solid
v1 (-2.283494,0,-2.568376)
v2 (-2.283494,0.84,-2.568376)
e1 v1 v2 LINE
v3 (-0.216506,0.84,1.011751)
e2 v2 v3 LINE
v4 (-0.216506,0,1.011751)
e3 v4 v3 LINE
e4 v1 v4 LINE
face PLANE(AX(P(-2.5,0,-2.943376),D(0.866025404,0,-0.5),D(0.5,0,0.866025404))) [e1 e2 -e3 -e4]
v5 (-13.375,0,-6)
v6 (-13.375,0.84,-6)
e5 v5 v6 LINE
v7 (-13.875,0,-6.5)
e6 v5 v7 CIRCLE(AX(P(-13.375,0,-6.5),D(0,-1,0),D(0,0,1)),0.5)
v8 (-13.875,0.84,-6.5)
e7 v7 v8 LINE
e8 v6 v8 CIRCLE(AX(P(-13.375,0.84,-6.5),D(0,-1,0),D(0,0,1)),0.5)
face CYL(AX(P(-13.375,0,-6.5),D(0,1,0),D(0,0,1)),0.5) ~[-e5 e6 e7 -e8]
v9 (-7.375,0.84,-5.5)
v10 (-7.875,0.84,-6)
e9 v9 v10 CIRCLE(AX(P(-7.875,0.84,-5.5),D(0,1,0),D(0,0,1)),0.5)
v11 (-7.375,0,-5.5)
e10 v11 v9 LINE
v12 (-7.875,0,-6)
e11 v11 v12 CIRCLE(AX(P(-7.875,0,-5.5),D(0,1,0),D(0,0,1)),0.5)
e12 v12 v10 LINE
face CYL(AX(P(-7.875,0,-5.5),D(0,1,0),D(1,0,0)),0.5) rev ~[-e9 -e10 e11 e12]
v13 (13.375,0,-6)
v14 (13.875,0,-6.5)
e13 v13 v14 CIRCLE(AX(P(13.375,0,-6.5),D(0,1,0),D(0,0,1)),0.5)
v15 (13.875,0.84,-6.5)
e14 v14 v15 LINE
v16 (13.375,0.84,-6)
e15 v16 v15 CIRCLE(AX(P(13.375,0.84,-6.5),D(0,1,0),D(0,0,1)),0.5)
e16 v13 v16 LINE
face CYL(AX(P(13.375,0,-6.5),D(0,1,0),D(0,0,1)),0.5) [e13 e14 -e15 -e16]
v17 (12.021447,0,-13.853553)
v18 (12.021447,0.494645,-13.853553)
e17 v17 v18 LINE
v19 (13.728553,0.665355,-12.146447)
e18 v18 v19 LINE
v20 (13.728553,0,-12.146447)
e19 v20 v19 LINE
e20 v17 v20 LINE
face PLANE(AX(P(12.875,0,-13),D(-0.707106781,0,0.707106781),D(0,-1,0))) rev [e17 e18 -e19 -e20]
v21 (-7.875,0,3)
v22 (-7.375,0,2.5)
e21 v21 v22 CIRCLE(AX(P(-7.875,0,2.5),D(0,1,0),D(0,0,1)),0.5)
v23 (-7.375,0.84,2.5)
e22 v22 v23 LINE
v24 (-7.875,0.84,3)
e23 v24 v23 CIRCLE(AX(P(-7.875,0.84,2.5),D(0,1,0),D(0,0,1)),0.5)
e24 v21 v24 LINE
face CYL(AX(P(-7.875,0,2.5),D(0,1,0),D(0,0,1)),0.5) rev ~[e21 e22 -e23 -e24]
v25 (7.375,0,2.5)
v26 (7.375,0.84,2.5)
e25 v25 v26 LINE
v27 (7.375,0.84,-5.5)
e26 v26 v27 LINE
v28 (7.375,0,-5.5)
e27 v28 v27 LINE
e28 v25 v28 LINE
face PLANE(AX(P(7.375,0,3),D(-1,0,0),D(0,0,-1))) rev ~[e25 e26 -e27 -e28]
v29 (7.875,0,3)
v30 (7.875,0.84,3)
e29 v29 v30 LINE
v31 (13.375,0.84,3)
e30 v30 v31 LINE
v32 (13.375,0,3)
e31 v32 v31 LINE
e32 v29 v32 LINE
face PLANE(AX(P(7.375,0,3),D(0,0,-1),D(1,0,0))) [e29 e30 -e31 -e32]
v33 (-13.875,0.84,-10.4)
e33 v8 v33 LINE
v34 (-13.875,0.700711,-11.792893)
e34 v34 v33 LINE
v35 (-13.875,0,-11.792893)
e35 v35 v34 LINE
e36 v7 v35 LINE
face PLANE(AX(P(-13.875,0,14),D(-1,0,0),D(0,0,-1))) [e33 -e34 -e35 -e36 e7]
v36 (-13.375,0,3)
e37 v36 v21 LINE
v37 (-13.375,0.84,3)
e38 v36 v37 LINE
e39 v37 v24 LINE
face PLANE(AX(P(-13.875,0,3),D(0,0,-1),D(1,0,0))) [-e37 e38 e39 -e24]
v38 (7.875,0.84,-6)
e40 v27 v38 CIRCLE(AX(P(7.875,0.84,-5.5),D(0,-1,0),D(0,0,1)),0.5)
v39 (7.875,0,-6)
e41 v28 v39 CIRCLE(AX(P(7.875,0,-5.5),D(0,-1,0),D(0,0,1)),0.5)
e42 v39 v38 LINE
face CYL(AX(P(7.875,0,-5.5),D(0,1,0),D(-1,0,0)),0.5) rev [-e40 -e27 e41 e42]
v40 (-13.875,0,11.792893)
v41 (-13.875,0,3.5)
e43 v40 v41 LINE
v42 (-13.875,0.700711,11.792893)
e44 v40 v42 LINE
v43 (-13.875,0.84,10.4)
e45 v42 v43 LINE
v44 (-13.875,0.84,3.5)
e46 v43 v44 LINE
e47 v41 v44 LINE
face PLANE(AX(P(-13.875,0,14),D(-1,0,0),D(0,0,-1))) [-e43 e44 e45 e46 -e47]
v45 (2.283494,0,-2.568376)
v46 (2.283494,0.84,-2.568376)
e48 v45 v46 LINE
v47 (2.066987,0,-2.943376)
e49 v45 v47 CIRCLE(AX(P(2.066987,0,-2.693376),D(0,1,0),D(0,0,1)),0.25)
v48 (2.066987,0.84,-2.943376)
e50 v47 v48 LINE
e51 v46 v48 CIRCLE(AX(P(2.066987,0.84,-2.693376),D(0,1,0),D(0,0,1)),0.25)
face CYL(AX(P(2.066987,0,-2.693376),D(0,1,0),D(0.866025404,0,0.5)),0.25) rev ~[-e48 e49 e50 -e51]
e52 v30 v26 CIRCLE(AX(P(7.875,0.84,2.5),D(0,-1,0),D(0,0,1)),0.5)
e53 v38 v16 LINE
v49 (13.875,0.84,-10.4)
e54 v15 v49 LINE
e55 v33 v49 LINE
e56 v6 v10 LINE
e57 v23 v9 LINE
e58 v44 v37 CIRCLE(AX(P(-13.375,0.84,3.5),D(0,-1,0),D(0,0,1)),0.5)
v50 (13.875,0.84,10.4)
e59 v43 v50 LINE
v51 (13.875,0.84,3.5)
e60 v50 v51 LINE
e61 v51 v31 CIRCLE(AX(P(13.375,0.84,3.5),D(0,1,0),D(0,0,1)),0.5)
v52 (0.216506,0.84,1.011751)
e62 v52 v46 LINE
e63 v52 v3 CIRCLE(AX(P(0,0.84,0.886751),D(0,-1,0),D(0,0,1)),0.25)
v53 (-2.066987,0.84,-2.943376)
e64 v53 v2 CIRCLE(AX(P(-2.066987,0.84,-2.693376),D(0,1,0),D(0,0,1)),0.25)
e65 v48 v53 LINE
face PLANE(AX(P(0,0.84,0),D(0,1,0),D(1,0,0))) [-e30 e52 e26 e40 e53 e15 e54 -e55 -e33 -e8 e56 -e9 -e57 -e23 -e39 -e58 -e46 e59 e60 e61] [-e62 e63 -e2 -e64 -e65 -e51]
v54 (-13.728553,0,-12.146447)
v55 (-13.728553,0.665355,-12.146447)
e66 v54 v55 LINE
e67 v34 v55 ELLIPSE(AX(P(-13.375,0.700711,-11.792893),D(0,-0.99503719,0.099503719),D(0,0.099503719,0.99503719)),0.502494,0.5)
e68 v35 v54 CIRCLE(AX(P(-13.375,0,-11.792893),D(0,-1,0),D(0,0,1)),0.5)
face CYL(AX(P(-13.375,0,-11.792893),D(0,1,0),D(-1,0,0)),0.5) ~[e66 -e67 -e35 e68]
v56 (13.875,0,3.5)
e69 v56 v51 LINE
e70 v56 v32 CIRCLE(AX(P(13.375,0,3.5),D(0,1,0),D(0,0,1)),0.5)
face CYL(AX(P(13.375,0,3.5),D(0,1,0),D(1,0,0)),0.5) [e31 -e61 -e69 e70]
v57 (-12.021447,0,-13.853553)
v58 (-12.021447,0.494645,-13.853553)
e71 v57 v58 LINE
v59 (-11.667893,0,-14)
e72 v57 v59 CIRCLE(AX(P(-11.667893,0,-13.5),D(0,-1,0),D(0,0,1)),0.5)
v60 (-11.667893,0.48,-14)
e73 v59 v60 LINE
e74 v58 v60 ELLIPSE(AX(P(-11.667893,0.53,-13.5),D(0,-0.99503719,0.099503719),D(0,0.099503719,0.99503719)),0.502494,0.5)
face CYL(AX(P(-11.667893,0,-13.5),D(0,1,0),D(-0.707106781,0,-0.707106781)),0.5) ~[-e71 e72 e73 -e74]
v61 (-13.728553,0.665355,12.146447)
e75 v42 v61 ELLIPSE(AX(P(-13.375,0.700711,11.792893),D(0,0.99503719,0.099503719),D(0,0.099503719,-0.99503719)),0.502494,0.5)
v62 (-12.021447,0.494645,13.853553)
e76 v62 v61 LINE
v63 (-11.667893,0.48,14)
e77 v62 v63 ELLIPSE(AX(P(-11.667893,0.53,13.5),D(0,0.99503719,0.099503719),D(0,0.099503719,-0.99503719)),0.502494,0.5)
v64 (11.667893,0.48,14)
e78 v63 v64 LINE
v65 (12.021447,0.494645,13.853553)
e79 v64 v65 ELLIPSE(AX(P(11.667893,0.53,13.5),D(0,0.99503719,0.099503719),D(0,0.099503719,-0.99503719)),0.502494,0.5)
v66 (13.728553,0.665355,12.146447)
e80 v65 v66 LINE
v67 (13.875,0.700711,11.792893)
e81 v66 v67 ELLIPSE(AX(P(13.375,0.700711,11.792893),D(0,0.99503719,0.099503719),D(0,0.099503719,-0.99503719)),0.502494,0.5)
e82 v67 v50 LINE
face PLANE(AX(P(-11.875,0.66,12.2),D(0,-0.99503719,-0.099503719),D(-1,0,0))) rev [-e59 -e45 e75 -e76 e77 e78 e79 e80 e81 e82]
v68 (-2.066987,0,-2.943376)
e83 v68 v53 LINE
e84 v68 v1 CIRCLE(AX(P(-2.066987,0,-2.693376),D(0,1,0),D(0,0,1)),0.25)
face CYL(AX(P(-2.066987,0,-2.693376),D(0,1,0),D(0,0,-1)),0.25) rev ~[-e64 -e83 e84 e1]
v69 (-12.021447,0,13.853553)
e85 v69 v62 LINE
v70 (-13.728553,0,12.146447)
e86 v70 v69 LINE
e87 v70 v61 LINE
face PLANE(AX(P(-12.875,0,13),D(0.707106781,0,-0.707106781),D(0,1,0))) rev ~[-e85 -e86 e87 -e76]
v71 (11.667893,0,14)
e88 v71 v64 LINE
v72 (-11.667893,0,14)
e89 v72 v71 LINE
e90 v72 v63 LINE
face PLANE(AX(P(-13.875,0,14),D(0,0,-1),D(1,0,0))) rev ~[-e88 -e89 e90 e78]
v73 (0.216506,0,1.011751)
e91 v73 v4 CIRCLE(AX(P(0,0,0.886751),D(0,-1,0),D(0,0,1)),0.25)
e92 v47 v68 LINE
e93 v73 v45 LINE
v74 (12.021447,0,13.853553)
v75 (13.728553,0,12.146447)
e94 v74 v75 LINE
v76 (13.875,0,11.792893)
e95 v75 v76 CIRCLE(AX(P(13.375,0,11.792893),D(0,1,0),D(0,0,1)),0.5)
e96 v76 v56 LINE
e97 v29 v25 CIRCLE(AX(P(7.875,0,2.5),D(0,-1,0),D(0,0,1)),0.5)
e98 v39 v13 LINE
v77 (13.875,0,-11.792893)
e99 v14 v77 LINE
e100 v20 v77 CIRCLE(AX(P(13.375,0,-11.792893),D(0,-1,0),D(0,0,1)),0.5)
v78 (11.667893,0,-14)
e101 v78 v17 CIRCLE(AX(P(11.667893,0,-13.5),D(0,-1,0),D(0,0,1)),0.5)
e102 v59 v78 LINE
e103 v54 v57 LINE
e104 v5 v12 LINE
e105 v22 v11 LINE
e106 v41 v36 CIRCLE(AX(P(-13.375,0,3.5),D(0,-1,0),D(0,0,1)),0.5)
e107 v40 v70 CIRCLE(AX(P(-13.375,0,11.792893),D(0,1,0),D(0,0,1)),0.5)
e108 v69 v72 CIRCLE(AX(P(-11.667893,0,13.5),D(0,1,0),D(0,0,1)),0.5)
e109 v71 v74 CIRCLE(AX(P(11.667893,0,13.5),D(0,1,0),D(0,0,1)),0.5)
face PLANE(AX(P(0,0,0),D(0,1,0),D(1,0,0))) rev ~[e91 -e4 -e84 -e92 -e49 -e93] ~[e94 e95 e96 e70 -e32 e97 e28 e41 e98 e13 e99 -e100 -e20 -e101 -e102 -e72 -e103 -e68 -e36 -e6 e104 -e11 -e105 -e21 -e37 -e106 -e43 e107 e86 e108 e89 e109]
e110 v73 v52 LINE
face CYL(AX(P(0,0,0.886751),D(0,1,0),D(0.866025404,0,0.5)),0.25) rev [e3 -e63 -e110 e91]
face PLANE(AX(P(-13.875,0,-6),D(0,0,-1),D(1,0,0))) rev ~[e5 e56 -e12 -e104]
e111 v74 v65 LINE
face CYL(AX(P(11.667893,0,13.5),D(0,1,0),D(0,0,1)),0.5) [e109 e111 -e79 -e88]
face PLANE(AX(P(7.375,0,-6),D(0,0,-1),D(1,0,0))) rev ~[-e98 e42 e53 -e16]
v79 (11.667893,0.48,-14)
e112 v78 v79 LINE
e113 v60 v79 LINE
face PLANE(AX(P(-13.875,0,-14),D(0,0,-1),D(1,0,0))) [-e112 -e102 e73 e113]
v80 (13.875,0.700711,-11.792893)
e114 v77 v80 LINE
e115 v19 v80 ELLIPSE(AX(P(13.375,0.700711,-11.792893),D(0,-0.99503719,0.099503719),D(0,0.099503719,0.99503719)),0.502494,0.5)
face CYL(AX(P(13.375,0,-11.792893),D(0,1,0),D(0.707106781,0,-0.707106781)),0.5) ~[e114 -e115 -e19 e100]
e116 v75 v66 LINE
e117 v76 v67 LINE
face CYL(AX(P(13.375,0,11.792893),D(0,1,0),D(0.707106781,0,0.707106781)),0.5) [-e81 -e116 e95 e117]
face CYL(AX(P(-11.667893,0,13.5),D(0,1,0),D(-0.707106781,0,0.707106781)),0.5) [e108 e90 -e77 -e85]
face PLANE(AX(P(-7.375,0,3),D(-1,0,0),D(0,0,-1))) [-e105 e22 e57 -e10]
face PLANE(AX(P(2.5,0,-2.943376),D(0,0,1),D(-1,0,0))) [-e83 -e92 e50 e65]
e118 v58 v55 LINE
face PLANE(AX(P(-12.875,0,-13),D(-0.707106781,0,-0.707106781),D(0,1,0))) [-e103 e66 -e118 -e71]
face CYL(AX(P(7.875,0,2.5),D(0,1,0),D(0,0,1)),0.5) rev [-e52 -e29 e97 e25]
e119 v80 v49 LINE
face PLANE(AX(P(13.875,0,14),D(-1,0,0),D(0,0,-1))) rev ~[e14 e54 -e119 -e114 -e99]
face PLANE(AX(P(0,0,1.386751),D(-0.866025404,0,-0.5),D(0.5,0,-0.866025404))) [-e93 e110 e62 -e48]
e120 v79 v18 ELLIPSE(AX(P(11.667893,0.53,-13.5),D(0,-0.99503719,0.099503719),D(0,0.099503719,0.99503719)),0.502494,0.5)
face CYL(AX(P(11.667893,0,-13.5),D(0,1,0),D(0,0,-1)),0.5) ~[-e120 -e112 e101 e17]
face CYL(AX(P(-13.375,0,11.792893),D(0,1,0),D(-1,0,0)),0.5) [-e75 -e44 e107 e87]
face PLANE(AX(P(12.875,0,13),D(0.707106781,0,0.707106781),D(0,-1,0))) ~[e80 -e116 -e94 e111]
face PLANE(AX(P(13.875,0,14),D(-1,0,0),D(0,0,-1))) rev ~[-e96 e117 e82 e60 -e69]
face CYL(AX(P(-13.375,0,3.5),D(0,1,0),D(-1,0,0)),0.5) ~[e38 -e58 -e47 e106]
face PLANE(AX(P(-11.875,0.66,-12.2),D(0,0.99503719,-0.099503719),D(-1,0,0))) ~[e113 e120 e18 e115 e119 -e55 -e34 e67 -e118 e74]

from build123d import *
from OCP.BRepFilletAPI import BRepFilletAPI_MakeChamfer

# Parameters (mm, degrees)
SKETCH1_W           = 27.75
SKETCH1_H           = 28
BOSS_EXTRUDE1_DEPTH = 0.84
CUT_EXTRUDE1_REACH  = 21.729
SKETCH2_W           = 6.5
SKETCH2_H           = 9
CHAMFER1_SIZE       = 2
CHAMFER2_SIZE       = 0.36
CHAMFER2_SIZE2      = 3.6
FILLET1_R           = 0.5
FILLET2_R           = 0.25


with BuildPart() as part:
    # Sketch1 → Boss-Extrude1 (new body)
    with BuildSketch(Plane(origin=(0, 0, 0), x_dir=(1, 0, 0), z_dir=(0, 1, 0))):
        Rectangle(SKETCH1_W, SKETCH1_H)
    extrude(amount=BOSS_EXTRUDE1_DEPTH)

    # Sketch2 → Cut-Extrude1 (cut, up to next)
    with BuildSketch(Plane(origin=(0, 0, 0), x_dir=(1, 0, 0), z_dir=(0, 1, 0)), mode=Mode.PRIVATE) as cut_extrude1_sk1:
        with Locations((-10.625, 1.5)):
            Rectangle(SKETCH2_W, SKETCH2_H)
    cut_extrude1_tool1 = extrude(cut_extrude1_sk1.sketch, amount=CUT_EXTRUDE1_REACH, mode=Mode.PRIVATE) & part.part
    # Sketch2 → Cut-Extrude1 (cut, up to next)
    with BuildSketch(Plane(origin=(0, 0, 0), x_dir=(1, 0, 0), z_dir=(0, 1, 0)), mode=Mode.PRIVATE) as cut_extrude1_sk2:
        with Locations((10.625, 1.5)):
            Rectangle(SKETCH2_W, SKETCH2_H)
    cut_extrude1_tool2 = extrude(cut_extrude1_sk2.sketch, amount=CUT_EXTRUDE1_REACH, mode=Mode.PRIVATE) & part.part
    # Sketch2 → Cut-Extrude1 (cut, up to next)
    with BuildSketch(Plane(origin=(0, 0, 0), x_dir=(1, 0, 0), z_dir=(0, 1, 0)), mode=Mode.PRIVATE) as cut_extrude1_sk3:
        Polygon((0, -1.386751346), (2.5, 2.943375673), (-2.5, 2.943375673), align=None)
    cut_extrude1_tool3 = extrude(cut_extrude1_sk3.sketch, amount=CUT_EXTRUDE1_REACH, mode=Mode.PRIVATE) & part.part
    add(cut_extrude1_tool1.solids().sort_by_distance((-10.625, 0, -1.5))[0], mode=Mode.SUBTRACT)
    add(cut_extrude1_tool2.solids().sort_by_distance((10.625, 0, -1.5))[0], mode=Mode.SUBTRACT)
    add(cut_extrude1_tool3.solids().sort_by_distance((0, 0, -1.5))[0], mode=Mode.SUBTRACT)

    # Chamfer1
    chamfer1_edges = [part.edges().sort_by_distance(p)[0] for p in [
        (-13.875, 0.42, -14),
        (13.875, 0.42, -14),
        (13.875, 0.42, 14),
        (-13.875, 0.42, 14),
    ]]
    chamfer(chamfer1_edges, length=CHAMFER1_SIZE)

    # Chamfer2: one chamfer whose edges measure the first distance from different faces: ONE call of the kernel's chamfer builder (chamfer() names one face for all edges)
    chamfer2_edges_1 = [part.edges().sort_by_distance(p)[0] for p in [
        (0, 0.84, -14),
    ]]
    chamfer2_side_1 = [part.faces().sort_by_distance(p)[0] for p in [
        (0, 0.42, -14),
    ]]
    chamfer2_edges_2 = [part.edges().sort_by_distance(p)[0] for p in [
        (0, 0.84, 14),
    ]]
    chamfer2_side_2 = [part.faces().sort_by_distance(p)[0] for p in [
        (0, 0.42, 14),
    ]]
    chamfer2 = BRepFilletAPI_MakeChamfer(part.part.solid().wrapped)
    for e in chamfer2_edges_1:
        chamfer2.Add(CHAMFER2_SIZE, CHAMFER2_SIZE2, e.wrapped, chamfer2_side_1[0].wrapped)  # the first distance lies on this face
    for e in chamfer2_edges_2:
        chamfer2.Add(CHAMFER2_SIZE, CHAMFER2_SIZE2, e.wrapped, chamfer2_side_2[0].wrapped)  # the first distance lies on this face
    add(Compound.cast(chamfer2.Shape()), mode=Mode.REPLACE)

    # Fillet1
    fillet1_edges = [part.edges().sort_by_distance(p)[0] for p in [
        (-7.375, 0.42, 3),
        (-7.375, 0.42, -6),
        (-13.875, 0.42, -6),
        (-13.875, 0.42, 3),
        (13.875, 0.42, 3),
        (13.875, 0.42, -6),
        (7.375, 0.42, -6),
        (7.375, 0.42, 3),
        (11.875, 0.24, 14),
        (-13.875, 0.34, 12),
        (-11.875, 0.24, -14),
        (13.875, 0.34, -12),
        (-13.875, 0.34, -12),
        (11.875, 0.24, -14),
        (13.875, 0.34, 12),
        (-11.875, 0.24, 14),
    ]]
    fillet(fillet1_edges, radius=FILLET1_R)

    # Fillet2
    fillet2_edges = [part.edges().sort_by_distance(p)[0] for p in [
        (-2.5, 0.42, -2.943375673),
        (0, 0.42, 1.386751346),
        (2.5, 0.42, -2.943375673),
    ]]
    fillet(fillet2_edges, radius=FILLET2_R)


solid = part.part
